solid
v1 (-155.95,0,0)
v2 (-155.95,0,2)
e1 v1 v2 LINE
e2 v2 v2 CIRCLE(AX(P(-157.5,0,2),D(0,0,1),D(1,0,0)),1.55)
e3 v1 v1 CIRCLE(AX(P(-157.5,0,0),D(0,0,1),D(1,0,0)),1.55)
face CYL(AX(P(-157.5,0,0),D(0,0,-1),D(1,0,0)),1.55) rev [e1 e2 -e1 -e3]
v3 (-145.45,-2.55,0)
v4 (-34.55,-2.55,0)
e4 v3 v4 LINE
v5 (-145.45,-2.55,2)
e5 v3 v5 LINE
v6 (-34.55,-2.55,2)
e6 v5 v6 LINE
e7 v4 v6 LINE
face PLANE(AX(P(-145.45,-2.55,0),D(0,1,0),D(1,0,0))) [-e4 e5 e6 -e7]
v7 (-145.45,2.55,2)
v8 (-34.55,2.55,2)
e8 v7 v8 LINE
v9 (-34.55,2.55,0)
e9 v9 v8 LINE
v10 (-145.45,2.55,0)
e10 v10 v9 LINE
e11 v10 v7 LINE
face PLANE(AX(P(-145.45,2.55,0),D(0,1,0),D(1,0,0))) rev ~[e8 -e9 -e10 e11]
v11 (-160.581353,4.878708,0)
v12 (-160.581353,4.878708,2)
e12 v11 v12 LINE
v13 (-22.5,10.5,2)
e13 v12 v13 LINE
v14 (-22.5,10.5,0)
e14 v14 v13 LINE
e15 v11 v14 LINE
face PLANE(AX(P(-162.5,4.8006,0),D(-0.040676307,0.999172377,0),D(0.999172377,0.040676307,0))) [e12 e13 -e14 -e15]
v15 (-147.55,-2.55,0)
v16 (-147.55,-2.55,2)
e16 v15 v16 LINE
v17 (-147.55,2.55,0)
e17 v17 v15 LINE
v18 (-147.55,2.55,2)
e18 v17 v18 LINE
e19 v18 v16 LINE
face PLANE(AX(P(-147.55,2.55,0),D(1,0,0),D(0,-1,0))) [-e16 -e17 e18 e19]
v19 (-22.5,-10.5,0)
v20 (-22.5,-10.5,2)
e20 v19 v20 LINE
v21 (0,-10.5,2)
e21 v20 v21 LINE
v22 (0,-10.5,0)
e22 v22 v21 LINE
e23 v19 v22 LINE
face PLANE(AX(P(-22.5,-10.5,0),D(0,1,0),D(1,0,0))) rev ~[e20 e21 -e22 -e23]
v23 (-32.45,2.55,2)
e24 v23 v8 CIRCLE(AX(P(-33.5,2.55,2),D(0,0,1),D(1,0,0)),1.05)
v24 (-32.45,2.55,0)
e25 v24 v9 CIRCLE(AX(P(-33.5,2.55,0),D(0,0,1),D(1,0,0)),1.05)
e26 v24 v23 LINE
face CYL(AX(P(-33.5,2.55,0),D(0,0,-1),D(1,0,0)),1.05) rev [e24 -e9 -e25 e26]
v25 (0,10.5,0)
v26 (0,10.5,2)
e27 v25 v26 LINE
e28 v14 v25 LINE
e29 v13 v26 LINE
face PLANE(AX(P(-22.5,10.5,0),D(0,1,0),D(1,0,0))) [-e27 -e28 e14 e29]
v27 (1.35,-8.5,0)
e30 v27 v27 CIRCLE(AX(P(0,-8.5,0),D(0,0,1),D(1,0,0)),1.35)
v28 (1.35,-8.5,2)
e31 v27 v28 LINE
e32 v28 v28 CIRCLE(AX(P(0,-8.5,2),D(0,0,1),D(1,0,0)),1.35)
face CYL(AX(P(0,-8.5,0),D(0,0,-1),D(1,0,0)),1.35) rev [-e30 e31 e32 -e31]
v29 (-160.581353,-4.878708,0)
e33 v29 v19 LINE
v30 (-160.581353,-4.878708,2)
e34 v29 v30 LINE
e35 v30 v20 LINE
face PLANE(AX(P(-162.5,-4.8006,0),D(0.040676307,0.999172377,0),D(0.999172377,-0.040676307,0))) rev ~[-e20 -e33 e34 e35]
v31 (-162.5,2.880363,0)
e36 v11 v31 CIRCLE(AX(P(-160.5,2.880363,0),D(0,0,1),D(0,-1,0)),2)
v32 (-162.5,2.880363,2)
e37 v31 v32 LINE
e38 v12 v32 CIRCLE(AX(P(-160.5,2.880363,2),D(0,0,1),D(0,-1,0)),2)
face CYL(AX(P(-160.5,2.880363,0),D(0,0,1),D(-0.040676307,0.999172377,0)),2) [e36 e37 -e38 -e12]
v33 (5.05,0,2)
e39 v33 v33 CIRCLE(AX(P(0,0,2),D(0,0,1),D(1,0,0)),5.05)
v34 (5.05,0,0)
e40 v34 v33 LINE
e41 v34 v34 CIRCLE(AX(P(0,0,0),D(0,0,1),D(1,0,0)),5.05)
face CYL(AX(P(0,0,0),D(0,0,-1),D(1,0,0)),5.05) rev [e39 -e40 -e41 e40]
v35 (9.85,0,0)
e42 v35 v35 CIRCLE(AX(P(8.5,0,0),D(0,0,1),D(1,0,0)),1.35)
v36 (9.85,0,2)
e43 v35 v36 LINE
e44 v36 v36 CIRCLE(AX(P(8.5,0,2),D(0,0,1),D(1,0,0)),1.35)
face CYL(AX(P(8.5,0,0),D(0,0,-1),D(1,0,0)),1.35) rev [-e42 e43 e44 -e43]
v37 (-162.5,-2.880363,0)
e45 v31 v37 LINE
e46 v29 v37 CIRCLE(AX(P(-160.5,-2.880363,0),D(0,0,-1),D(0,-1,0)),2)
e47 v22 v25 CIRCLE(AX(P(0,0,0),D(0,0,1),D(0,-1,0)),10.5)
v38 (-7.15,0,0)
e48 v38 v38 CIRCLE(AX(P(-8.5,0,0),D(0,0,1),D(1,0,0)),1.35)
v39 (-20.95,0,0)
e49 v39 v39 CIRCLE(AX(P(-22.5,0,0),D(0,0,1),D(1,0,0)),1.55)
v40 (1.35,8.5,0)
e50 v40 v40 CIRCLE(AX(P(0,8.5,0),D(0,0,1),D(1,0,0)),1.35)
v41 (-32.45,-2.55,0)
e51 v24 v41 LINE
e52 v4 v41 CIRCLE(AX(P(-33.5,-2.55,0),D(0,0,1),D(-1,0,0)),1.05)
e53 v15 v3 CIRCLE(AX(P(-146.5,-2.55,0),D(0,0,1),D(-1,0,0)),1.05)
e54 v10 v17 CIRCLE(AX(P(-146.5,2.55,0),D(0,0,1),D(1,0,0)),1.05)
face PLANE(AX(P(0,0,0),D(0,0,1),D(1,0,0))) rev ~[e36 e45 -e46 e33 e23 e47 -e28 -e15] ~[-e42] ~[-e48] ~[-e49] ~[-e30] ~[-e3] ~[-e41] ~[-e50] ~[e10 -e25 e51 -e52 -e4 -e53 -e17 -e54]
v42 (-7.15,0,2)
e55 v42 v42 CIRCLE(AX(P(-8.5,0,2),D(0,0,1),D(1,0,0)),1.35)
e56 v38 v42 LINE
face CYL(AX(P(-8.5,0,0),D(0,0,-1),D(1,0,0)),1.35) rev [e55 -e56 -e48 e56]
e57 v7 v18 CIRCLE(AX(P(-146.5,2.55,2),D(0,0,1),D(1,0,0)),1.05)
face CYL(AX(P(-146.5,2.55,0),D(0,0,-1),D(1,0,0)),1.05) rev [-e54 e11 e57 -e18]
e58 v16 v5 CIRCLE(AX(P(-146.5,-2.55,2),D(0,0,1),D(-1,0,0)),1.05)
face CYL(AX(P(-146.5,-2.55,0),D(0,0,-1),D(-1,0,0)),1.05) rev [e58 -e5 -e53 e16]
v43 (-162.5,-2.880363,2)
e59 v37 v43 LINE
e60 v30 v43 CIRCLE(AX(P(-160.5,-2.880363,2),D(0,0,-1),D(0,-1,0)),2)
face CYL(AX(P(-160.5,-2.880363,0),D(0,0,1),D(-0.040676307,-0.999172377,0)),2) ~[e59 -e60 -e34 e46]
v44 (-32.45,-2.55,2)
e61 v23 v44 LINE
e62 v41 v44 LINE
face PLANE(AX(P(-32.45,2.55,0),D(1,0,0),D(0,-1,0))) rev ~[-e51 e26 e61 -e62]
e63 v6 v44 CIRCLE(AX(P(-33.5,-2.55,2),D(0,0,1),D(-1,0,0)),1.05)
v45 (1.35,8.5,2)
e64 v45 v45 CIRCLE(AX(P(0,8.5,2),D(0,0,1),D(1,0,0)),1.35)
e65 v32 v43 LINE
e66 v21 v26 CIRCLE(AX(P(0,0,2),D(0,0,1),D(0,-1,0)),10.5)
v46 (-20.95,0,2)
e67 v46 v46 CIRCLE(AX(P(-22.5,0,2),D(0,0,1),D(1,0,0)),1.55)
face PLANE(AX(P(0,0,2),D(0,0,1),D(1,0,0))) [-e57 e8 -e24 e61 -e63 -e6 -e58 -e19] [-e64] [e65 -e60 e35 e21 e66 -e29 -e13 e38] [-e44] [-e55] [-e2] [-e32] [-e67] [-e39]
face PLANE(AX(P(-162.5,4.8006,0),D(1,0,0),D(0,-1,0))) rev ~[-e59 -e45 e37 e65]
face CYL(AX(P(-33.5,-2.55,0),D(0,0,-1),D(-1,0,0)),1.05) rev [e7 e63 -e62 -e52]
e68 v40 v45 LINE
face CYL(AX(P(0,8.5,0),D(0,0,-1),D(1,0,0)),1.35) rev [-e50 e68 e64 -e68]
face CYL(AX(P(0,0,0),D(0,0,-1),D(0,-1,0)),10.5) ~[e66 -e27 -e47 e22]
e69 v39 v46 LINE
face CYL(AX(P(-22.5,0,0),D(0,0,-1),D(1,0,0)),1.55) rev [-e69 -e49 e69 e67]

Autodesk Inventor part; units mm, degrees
ref_plane "YZ Plane" through (0, 0, 0) normal (1, 0, 0) x (0, 1, 0)
ref_plane "XZ Plane" through (0, 0, 0) normal (0, 1, 0) x (-1, 0, 0)
ref_plane "XY Plane" through (0, 0, 0) normal (0, 0, 1) x (1, 0, 0)
sketch "スケッチ1" plane through (0, 0, 0) normal (0, 0, 1) x (1, 0, 0)
  circle A0 centre (0, 0) radius 10.5 construction
  line L0 (0, 10.5) -> (-162.5, 10.5) construction
  line L1 (-162.5, 10.5) -> (-162.5, -10.5) construction
  line L2 (-162.5, -10.5) -> (0, -10.5) construction
  circle A1 centre (-157.5, 0) radius 1.55
  line L3 (-147.5, 2.5) -> (-32.5, 2.5) construction
  line L4 (-32.5, 2.5) -> (-32.5, -2.5) construction
  line L5 (-32.5, -2.5) -> (-147.5, -2.5) construction
  line L6 (-147.5, -2.5) -> (-147.5, 2.5) construction
  line L7 (-90, 2.5) -> (-90, -2.5) construction
  circle A2 centre (-22.5, 0) radius 1.55
  line L8 (-12, 21.3027) -> (-12, -27.3903) construction
  line L9 (-32.45, 2.55) -> (-147.55, 2.55) construction
  line L10 (-147.55, 2.55) -> (-147.55, -2.55) construction
  line L11 (-147.55, -2.55) -> (-32.45, -2.55) construction
  line L12 (-32.45, -2.55) -> (-32.45, 2.55) construction
  circle A3 centre (-146.5, 2.55) radius 1.05 construction
  line L13 (-147.5, 0) -> (-90, 0) construction
  line L14 (-147.55, 2.55) -> (-147.55, -2.55)
  arc A4 (-145.45, 2.55) -> (-147.55, 2.55) centre (-146.5, 2.55) ccw
  line L15 (-145.45, 2.55) -> (-34.55, 2.55)
  arc A5 (-32.45, 2.55) -> (-34.55, 2.55) centre (-33.5, 2.55) ccw
  line L16 (-32.45, 2.55) -> (-32.45, -2.55)
  arc A6 (-147.55, -2.55) -> (-145.45, -2.55) centre (-146.5, -2.55) ccw
  line L17 (-145.45, -2.55) -> (-34.55, -2.55)
  arc A7 (-34.55, -2.55) -> (-32.45, -2.55) centre (-33.5, -2.55) ccw
  circle A8 centre (0, 8.5) radius 1.35
  circle A9 centre (0, 0) radius 5.05
  circle A10 centre (-8.5, 0) radius 1.35
  circle A11 centre (0, -8.5) radius 1.35
  circle A12 centre (8.5, 0) radius 1.35
  line L18 (-162.5, 4.8006) -> (-162.5, -4.8006)
  line L19 (-162.5, 4.8006) -> (-22.5, 10.5)
  line L20 (-22.5, 10.5) -> (0, 10.5)
  line L21 (-162.5, -4.8006) -> (-22.5, -10.5)
  line L22 (-22.5, -10.5) -> (0, -10.5)
  arc A13 (0, -10.5) -> (0, 10.5) centre (0, 0) ccw
  circle A14 centre (-157.5, 0) radius 5 construction
  point P0 (-162.5, 0)
  dimension "d9" = 2.1
  dimension "d0" = 162.5
  dimension "d1" = 3.1
  dimension "d2" = 21
  dimension "d3" = 10
  dimension "d4" = 5
  dimension "d5" = 12
  dimension "d6" = 135
  dimension "d7" = 5
  dimension "d8" = 0.05
  dimension "d10" = 2.7
  dimension "d11" = 8.5
  dimension "d12" = 10.1
  dimension "d15" = 360
extrude "押し出し1" add sketch "スケッチ1" along normal blind 2
fillet "フィレット1" radius 2 2 edges at (-162.5, -4.8006, 1) (-162.5, 4.8006, 1)
equation "\"H_head\" = 28.5"
equation "\"H_leg\" = 199.5"
equation "\"足の面積\" = 12720.125"
equation "\"現在の面積\" = 11560"
equation "\"足_短辺\" = 68"
equation "\"円柱\" = 313.5"
equation "\"胴体中心から手先\" = 342"
equation "\"H_leg_1\" = 186.2"
equation "\"H_leg_MAX\" = 399"
equation "\"H_head_1\" = 26.6"
equation "\"H_head_MAX\" = 142.5"
properties part number "前腕_メインフレーム_1_1" material "GFRP"
